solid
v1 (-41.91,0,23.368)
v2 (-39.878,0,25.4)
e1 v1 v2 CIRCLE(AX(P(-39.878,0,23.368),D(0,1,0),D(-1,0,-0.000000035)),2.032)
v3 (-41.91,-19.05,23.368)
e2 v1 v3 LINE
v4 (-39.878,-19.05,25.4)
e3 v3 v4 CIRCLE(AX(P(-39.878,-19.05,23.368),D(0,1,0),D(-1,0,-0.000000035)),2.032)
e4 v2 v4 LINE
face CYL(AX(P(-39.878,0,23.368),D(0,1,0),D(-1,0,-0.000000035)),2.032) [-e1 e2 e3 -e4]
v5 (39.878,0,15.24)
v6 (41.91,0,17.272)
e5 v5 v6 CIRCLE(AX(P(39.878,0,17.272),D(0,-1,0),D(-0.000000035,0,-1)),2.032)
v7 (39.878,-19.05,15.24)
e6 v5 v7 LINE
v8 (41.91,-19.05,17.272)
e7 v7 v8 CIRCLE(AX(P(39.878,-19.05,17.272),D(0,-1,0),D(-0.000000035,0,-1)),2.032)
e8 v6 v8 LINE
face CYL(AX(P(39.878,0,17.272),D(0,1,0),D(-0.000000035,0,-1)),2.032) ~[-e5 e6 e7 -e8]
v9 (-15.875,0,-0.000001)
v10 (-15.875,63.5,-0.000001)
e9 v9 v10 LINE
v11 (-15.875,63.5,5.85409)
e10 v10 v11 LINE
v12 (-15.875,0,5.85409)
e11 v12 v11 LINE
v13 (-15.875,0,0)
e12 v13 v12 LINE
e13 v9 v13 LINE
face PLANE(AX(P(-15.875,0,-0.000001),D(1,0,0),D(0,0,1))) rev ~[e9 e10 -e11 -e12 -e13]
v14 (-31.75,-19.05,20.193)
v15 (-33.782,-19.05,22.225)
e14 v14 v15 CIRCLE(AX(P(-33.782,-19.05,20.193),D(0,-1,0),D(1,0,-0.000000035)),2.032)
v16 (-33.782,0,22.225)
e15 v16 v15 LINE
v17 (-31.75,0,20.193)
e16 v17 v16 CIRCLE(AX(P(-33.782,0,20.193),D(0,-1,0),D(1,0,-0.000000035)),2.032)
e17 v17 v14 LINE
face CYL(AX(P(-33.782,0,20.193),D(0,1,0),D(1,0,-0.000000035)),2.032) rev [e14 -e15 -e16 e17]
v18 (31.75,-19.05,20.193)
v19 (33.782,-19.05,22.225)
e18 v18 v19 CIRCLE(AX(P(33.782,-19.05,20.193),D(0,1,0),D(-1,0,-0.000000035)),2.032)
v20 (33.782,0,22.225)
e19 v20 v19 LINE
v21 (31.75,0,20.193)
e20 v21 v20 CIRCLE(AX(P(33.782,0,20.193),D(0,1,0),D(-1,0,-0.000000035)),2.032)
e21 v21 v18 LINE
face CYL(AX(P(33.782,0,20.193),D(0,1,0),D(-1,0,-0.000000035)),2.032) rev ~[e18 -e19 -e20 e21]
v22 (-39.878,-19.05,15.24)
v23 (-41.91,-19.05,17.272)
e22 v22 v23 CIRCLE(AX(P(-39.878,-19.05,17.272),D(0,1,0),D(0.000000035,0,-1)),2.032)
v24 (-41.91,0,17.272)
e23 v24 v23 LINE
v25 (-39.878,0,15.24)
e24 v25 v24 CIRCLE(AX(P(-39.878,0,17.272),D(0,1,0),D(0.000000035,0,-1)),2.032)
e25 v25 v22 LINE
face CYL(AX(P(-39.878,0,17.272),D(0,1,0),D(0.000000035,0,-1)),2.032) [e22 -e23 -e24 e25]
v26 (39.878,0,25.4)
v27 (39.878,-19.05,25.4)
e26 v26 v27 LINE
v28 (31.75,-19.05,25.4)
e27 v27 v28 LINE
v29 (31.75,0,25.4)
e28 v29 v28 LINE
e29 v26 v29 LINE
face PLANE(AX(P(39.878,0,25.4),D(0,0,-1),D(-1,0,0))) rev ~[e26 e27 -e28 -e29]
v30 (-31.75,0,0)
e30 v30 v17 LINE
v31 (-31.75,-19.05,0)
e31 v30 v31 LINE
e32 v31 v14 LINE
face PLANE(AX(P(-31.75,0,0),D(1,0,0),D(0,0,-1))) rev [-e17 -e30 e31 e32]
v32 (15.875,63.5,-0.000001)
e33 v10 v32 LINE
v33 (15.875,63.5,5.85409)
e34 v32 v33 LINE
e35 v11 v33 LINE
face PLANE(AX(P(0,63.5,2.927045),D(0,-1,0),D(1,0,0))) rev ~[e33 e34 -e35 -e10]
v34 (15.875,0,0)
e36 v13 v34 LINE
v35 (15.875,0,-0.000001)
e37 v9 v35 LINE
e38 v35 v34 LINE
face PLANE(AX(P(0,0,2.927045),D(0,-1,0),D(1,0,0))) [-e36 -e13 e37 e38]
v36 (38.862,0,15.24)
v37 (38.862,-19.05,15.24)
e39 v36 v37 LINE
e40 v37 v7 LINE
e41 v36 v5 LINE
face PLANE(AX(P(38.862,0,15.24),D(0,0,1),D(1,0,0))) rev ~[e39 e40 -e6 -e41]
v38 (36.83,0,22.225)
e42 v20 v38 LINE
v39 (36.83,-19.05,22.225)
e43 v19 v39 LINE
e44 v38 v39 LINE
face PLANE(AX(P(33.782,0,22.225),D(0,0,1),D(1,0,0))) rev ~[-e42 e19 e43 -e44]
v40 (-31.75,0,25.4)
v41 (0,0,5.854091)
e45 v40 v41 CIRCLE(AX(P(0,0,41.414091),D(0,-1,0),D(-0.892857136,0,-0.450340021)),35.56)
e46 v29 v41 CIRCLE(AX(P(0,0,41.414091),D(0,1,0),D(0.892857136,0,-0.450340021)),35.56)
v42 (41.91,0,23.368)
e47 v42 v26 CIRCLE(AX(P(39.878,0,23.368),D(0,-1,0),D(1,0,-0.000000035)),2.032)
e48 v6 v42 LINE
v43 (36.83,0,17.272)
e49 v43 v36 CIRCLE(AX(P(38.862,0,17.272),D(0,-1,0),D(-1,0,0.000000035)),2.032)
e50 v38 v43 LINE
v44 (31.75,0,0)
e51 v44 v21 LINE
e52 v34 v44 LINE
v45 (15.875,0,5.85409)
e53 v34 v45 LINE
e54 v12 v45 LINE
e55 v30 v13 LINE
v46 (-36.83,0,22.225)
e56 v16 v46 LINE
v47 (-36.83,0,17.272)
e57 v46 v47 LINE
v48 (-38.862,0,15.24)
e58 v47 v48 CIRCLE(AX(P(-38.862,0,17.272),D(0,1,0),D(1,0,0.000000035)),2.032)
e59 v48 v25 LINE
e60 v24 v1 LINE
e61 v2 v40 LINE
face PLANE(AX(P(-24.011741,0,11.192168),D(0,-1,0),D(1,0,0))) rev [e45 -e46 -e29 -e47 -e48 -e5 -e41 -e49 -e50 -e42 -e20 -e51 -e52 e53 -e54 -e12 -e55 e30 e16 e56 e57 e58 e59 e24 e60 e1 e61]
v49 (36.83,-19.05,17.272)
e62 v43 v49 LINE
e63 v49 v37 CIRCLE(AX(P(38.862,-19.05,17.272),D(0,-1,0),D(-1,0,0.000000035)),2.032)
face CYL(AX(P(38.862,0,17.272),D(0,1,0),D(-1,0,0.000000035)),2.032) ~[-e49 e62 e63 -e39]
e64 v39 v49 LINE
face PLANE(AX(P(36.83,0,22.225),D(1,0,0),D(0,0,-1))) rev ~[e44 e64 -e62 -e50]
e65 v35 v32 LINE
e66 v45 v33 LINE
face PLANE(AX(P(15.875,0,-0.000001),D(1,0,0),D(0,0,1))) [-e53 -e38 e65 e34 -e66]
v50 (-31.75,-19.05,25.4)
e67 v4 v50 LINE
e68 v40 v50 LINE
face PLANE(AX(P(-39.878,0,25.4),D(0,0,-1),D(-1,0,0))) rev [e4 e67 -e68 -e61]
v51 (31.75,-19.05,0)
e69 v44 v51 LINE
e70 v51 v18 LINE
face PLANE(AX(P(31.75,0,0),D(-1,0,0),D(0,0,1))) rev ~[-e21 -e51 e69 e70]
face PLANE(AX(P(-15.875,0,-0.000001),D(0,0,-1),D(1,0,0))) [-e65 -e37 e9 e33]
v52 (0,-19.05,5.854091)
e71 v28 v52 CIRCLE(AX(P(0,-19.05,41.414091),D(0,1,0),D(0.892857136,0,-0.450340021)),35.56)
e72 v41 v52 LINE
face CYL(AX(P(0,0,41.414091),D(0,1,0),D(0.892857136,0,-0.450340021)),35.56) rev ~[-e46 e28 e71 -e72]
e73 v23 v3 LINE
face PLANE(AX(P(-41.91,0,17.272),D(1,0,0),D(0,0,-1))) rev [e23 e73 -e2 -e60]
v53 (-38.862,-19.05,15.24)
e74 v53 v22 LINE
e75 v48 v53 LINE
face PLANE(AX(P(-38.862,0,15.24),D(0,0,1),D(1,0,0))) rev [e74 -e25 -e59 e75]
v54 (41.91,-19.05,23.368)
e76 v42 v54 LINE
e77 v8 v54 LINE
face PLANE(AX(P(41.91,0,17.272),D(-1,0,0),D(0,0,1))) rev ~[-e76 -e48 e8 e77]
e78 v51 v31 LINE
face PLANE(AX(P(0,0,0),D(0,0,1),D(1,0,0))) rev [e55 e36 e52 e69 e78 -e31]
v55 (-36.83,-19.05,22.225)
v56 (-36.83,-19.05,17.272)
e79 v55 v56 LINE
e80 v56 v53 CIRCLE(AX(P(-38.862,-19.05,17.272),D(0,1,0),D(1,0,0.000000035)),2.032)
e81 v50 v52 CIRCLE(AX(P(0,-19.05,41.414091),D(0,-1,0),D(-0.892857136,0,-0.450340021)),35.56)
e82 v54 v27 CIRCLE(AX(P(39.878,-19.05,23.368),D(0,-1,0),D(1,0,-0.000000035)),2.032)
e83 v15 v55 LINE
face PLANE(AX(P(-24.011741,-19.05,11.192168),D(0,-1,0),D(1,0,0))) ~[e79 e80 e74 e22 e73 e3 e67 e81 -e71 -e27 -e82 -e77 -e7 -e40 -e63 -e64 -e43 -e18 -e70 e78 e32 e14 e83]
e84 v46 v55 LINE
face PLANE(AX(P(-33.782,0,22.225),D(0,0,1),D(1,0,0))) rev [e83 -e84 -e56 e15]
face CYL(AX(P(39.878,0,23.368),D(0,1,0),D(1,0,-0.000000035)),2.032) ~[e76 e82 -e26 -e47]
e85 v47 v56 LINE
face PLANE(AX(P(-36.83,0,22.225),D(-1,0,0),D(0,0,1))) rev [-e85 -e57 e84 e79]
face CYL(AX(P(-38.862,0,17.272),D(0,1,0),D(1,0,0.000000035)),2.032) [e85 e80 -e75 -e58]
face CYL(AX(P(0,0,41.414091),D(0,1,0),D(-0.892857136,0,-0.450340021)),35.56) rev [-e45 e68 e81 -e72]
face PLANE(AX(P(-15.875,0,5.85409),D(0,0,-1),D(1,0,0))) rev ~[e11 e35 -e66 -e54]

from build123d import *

# Parameters (mm, degrees)
F1_DEPTH = 19.05
F3_W     = 31.75
F3_H     = 5.854091
F4_DEPTH = 63.5


with BuildPart() as f1:
    # F0 (on Front) → F1 (new body)
    with BuildSketch(Plane.XZ):
        with BuildLine():
            Line((0, 5.854091), (0, 0))
            Line((0, 0), (31.75, 0))
            Line((31.75, 0), (31.75, 20.193))
            ThreePointArc((31.75, 20.193), (32.345159, 21.629841), (33.782, 22.225))
            Line((33.782, 22.225), (36.83, 22.225))
            Line((36.83, 22.225), (36.83, 17.272))
            ThreePointArc((36.83, 17.272), (37.425159, 15.835159), (38.862, 15.24))
            Line((38.862, 15.24), (39.878, 15.24))
            ThreePointArc((39.878, 15.24), (41.314841, 15.835159), (41.91, 17.272))
            Line((41.91, 17.272), (41.91, 23.368))
            ThreePointArc((41.91, 23.368), (41.314841, 24.804841), (39.878, 25.4))
            Line((39.878, 25.4), (31.75, 25.4))
            ThreePointArc((31.75, 25.4), (18.642056, 11.132292), (0, 5.854091))
        make_face()
    extrude(amount=F1_DEPTH)

    # F2: F1 across plane


with BuildPart() as f1_1:
    add(f1.part)
    add(f1.part.mirror(Plane.YZ))

    # F3 (on Front) → F4 (join)
    with BuildSketch(Plane.XZ):
        with Locations((0, 2.927045)):
            Rectangle(F3_W, F3_H)
    extrude(amount=-F4_DEPTH)


solid = f1_1.part
